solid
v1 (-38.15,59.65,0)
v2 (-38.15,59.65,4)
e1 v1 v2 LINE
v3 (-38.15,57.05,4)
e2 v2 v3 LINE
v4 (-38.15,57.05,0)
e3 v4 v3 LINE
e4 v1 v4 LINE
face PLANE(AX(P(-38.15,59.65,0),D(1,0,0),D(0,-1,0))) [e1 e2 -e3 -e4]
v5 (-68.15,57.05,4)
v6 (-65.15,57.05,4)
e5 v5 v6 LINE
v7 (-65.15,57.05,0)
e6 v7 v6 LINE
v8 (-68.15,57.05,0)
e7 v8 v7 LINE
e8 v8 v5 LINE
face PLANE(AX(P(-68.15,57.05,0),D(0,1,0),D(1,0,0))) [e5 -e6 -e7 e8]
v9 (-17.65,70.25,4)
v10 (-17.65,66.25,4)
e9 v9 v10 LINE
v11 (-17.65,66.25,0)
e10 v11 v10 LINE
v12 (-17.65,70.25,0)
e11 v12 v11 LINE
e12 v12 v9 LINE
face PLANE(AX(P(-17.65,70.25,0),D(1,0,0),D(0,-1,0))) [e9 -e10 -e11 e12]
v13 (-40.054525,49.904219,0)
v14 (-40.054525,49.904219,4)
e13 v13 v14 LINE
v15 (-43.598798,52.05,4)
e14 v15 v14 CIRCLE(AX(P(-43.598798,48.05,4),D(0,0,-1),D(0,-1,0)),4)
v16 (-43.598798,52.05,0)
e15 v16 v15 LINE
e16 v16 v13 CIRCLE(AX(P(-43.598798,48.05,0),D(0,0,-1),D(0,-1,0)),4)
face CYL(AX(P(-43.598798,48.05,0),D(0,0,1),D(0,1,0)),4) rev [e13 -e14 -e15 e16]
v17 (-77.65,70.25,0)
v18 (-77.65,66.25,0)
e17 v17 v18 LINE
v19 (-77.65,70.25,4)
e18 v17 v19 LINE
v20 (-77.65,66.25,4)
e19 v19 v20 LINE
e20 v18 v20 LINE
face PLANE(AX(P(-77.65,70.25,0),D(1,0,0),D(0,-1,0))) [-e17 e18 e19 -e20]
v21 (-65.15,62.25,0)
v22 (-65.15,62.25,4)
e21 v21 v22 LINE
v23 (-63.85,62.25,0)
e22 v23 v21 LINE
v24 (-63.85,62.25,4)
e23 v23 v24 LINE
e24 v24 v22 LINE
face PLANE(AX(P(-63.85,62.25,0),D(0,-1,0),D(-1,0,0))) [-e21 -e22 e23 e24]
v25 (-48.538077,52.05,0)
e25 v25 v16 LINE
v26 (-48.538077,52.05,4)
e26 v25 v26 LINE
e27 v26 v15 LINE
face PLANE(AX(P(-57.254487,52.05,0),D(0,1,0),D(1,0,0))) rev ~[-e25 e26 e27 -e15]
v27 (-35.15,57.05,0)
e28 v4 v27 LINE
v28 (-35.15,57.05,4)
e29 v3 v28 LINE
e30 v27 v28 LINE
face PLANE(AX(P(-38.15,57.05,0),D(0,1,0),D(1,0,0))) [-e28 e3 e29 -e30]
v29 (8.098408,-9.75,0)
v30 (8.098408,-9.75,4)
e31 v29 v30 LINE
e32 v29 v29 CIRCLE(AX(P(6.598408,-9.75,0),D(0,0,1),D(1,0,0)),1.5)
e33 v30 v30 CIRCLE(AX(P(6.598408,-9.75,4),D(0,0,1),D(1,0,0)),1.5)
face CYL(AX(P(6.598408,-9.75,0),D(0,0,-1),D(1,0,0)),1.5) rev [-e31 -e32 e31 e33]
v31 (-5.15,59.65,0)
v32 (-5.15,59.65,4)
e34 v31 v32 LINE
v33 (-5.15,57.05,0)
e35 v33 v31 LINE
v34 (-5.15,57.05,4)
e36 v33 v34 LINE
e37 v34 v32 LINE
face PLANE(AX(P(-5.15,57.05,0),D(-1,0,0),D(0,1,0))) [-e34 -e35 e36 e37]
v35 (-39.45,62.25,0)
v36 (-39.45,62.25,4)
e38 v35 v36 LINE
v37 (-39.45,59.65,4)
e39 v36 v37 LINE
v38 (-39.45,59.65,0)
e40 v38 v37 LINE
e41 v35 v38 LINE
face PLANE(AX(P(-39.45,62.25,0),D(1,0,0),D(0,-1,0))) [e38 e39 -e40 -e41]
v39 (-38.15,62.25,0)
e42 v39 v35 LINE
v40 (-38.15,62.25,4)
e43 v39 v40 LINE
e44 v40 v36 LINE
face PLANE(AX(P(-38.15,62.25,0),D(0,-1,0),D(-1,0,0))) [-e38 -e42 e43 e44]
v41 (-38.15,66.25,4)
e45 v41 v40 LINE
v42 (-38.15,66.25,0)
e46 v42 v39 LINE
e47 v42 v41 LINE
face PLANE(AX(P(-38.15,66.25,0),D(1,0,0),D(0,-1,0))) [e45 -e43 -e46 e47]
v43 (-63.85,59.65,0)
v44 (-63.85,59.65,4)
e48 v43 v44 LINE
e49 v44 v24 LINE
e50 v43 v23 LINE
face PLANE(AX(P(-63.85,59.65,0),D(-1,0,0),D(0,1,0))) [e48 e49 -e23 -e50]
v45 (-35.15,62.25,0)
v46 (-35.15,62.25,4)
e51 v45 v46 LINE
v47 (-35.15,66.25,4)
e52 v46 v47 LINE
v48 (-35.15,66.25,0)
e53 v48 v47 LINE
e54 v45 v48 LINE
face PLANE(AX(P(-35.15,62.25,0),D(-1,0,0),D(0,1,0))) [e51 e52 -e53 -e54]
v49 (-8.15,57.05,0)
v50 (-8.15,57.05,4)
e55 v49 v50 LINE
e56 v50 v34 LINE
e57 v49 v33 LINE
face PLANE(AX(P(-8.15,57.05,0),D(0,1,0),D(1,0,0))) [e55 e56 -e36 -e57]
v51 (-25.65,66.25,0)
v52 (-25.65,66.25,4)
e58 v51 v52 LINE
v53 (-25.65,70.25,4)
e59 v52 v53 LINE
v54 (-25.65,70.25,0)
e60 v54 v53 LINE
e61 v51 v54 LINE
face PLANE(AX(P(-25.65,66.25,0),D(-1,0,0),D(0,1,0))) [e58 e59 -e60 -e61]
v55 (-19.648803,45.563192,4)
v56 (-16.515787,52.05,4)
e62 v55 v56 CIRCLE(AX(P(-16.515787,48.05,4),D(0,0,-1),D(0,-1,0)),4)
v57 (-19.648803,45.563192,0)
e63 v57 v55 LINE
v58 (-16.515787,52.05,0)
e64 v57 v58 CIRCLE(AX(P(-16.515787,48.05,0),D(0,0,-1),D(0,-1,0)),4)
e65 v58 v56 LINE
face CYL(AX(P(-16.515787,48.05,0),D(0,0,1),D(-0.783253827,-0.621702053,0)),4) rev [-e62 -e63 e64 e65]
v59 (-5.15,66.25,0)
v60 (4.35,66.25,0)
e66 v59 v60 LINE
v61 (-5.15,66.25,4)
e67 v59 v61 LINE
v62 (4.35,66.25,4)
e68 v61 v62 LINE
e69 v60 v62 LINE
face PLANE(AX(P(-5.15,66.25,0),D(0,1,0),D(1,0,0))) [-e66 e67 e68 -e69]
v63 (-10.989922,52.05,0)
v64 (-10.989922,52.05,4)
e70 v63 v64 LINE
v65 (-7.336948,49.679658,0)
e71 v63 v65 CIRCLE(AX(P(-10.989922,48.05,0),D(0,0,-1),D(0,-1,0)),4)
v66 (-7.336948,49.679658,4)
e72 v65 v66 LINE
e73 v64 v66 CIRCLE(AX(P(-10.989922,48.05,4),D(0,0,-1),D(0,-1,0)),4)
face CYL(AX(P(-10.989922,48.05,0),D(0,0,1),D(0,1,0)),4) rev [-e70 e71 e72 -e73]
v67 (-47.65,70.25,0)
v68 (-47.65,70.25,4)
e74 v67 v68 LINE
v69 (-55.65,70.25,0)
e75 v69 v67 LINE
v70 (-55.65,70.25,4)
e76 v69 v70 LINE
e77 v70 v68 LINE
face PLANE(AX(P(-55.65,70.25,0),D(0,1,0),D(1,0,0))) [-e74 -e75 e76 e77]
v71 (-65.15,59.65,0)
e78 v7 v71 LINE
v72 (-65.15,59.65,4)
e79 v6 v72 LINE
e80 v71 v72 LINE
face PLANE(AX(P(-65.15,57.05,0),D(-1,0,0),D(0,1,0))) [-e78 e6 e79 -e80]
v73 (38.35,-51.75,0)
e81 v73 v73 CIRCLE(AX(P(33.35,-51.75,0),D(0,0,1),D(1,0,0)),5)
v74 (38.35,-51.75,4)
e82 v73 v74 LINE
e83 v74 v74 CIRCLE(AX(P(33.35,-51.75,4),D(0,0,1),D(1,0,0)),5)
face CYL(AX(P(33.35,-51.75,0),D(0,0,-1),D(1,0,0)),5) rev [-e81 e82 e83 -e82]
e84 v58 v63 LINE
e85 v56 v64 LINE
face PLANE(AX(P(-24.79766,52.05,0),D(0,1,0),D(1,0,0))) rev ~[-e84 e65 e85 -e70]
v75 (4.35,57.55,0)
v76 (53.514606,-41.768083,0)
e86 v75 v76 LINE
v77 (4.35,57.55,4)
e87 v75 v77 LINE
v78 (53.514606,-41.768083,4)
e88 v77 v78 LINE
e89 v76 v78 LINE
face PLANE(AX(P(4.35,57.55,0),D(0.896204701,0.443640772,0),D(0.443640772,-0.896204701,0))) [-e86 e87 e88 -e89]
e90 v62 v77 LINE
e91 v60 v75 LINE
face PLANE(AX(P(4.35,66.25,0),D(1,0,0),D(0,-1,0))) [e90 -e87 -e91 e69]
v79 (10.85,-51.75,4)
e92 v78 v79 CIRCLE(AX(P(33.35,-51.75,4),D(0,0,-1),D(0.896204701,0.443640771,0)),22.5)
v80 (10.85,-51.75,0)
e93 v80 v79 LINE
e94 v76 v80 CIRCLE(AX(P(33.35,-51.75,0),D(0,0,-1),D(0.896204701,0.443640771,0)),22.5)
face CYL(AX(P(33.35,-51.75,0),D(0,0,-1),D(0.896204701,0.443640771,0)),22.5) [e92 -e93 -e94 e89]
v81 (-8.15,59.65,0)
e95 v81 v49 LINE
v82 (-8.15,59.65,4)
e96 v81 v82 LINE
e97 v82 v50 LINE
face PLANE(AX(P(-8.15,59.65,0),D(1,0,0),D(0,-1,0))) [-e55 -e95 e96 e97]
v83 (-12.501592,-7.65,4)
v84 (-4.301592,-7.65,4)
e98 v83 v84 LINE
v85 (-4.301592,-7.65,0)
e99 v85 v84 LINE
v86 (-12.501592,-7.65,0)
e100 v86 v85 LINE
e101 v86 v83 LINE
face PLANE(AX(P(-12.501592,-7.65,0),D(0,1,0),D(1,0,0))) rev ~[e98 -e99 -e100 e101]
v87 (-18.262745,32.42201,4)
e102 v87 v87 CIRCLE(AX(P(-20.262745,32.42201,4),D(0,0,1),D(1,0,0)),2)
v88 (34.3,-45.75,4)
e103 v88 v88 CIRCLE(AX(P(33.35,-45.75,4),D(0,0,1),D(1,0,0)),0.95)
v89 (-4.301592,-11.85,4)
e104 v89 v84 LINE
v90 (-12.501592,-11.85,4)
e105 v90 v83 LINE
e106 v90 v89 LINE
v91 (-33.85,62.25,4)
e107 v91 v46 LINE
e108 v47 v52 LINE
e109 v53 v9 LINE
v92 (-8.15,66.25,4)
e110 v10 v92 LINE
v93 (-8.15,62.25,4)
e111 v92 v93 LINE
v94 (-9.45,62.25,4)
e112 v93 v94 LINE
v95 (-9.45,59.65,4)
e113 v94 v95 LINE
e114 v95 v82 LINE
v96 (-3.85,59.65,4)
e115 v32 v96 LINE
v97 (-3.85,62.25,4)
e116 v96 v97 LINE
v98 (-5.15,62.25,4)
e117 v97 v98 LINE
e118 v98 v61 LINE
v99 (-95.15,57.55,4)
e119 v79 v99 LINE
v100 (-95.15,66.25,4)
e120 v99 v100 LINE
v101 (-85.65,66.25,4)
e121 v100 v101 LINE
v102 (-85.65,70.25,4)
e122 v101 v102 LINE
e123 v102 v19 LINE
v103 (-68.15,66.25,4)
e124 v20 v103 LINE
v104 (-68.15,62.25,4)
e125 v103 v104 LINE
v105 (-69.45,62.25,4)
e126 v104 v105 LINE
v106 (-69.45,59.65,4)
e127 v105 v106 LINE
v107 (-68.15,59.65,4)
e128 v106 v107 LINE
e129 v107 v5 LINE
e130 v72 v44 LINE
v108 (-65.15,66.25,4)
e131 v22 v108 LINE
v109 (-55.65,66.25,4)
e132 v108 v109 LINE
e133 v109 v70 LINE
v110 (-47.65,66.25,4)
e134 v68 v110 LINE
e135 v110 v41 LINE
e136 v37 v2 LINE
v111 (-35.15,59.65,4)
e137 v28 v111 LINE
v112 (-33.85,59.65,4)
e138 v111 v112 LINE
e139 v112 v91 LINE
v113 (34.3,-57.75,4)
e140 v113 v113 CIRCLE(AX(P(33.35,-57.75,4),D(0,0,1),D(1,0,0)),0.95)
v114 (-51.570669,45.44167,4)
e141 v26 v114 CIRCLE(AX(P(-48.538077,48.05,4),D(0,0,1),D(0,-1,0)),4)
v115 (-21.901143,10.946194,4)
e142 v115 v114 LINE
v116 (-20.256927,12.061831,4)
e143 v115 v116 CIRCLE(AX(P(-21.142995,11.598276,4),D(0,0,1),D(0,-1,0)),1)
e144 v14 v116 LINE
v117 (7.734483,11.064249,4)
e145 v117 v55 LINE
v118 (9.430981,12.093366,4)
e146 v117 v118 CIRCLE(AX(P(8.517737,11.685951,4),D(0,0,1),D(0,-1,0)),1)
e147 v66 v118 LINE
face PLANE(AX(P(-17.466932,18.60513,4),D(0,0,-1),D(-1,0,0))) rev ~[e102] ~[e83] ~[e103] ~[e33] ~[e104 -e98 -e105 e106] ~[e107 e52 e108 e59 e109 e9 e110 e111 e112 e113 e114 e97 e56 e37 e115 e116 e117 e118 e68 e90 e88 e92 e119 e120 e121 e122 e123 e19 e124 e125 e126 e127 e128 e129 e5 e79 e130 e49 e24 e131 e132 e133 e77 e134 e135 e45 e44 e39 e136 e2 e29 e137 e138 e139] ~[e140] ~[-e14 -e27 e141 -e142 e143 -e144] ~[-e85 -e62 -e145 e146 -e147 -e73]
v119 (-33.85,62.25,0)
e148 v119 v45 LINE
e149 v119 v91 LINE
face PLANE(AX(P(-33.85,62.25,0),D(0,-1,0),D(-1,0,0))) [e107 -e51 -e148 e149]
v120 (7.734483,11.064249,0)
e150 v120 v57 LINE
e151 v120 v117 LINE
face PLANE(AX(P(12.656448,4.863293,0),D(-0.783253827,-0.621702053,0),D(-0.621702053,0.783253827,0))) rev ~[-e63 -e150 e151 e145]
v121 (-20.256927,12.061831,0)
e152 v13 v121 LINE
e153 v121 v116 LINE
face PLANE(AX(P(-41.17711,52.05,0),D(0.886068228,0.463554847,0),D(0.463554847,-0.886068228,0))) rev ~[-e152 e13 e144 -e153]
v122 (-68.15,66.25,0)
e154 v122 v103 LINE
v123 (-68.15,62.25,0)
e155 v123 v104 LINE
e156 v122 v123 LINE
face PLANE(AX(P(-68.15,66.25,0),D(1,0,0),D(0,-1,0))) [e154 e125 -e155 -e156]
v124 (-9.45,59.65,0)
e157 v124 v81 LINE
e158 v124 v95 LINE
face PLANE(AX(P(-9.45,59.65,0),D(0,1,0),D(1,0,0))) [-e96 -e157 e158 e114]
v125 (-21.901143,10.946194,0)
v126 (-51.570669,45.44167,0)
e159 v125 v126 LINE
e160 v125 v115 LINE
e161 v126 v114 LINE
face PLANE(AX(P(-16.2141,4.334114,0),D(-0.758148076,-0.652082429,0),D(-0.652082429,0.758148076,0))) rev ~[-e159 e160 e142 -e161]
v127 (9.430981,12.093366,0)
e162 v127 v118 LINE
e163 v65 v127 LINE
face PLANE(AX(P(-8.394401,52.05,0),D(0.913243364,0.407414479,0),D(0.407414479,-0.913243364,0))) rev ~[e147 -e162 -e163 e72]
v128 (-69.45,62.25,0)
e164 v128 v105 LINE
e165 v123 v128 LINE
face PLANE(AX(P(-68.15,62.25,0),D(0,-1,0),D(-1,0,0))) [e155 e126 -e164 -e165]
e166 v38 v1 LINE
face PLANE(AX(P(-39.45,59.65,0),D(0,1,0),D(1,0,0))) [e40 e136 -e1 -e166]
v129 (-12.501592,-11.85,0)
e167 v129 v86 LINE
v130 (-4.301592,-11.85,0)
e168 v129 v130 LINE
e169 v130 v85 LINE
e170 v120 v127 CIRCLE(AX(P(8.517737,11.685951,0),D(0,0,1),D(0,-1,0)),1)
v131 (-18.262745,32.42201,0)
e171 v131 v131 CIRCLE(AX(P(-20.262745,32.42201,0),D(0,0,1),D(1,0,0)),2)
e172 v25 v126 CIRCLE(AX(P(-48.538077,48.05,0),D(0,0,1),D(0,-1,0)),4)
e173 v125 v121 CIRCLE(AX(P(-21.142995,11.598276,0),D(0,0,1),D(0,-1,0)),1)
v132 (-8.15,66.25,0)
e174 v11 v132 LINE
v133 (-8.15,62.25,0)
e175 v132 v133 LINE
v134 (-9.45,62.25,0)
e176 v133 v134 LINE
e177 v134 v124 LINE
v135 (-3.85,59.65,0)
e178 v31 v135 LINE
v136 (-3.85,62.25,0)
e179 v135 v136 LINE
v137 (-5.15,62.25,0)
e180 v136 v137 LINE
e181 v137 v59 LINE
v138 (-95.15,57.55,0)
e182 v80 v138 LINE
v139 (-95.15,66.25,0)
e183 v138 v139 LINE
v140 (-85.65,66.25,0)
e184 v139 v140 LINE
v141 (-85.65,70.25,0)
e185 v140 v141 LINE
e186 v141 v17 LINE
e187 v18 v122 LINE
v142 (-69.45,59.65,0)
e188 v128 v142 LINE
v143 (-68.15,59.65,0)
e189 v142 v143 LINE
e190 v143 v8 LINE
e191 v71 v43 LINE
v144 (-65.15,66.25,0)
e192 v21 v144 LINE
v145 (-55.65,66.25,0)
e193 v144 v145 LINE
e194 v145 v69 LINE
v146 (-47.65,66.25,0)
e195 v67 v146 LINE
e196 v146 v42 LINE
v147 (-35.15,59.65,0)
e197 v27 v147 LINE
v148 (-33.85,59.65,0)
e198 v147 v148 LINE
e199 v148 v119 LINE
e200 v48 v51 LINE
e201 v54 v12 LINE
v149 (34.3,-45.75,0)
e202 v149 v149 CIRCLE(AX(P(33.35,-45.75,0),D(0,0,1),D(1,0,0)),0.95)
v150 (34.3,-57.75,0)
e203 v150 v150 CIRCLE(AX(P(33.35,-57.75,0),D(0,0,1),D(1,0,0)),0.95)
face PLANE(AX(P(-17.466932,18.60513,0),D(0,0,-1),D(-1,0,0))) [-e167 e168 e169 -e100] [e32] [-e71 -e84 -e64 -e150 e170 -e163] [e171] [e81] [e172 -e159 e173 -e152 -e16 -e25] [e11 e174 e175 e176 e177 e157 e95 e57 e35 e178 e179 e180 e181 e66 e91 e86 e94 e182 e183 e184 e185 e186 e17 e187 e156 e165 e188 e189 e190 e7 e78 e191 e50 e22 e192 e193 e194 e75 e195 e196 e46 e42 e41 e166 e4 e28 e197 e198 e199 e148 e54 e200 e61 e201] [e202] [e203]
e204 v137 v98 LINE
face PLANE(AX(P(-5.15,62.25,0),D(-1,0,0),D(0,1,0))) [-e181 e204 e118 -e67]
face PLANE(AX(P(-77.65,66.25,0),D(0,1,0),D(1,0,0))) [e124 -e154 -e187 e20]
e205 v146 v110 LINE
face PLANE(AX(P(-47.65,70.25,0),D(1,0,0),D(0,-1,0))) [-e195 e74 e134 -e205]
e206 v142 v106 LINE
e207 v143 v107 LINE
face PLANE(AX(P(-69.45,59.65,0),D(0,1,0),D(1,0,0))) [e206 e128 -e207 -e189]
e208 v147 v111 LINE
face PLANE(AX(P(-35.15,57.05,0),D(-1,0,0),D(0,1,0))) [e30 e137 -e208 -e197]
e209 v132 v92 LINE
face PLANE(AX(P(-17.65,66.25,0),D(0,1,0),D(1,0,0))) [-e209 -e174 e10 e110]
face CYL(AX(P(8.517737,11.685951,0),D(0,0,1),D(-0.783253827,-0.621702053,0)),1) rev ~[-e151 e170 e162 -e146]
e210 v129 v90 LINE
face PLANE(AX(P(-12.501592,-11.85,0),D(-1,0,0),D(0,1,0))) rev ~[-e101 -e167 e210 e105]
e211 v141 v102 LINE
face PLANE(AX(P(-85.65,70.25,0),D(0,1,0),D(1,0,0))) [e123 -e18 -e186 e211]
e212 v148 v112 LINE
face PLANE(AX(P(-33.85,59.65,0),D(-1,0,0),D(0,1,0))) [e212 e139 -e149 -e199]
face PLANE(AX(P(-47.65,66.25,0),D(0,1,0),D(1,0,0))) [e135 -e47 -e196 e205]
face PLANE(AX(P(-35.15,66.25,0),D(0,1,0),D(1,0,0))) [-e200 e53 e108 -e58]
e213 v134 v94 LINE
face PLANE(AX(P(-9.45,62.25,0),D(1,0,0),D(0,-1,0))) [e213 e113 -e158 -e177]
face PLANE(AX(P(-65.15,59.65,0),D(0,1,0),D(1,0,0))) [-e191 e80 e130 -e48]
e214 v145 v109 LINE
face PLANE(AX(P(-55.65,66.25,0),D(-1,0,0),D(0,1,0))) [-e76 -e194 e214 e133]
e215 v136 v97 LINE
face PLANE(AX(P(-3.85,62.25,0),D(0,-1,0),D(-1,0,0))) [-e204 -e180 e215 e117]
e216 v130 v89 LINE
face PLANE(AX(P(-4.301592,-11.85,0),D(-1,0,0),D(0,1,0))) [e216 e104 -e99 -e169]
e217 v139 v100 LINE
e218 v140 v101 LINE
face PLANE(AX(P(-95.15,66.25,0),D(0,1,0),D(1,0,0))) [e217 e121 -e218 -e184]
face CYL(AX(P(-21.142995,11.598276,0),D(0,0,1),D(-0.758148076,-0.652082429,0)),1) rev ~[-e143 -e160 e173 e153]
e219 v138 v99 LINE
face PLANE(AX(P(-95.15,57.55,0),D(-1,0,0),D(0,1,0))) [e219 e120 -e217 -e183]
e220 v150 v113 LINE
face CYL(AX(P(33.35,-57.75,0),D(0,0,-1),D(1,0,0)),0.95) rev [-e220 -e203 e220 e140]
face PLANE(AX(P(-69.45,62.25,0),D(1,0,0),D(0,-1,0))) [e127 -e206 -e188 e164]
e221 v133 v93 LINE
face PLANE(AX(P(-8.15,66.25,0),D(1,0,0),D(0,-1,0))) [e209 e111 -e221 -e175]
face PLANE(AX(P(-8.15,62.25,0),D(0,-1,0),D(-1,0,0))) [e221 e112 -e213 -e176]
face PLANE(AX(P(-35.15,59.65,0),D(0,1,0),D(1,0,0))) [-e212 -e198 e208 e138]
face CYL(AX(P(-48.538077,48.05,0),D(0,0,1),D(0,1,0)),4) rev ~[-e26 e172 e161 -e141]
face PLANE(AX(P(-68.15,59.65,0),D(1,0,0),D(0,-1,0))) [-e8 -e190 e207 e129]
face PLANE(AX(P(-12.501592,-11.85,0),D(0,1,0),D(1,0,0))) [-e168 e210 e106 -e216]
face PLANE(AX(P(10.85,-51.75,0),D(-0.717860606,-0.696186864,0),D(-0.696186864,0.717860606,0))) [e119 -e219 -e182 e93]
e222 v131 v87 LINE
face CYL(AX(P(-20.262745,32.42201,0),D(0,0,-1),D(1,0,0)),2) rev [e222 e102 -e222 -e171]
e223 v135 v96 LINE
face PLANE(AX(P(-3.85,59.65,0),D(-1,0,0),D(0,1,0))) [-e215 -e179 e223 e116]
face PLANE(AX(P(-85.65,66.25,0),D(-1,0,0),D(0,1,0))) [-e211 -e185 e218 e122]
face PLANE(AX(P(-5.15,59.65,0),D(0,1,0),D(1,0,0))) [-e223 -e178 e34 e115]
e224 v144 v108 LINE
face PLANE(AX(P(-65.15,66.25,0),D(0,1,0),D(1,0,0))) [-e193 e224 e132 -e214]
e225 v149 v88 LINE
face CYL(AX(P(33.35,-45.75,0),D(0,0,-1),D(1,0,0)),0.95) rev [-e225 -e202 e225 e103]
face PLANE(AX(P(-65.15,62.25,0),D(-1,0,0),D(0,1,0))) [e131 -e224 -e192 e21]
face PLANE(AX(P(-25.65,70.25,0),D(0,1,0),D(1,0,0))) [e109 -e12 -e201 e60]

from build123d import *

# Parameters (mm, degrees)
SKETCH_1_R      = 2
SKETCH_1_R_2    = 1.5
SKETCH_1_R_3    = 5
SKETCH_1_R_4    = 0.95
SKETCH_1_W      = 8.2
SKETCH_1_H      = 4.2
EXTRUDE_1_DEPTH = 4
FILLET_1_R      = 4
FILLET_2_R      = 1


with BuildPart() as part:
    # 草图1 → 凸台-拉伸1 (new body)
    with BuildSketch(Plane.XY):
        with BuildLine():
            Line((-38.15, 66.25), (-38.15, 62.25))
            Line((-38.15, 62.25), (-39.45, 62.25))
            Line((-39.45, 62.25), (-39.45, 59.65))
            Line((-39.45, 59.65), (-38.15, 59.65))
            Line((-38.15, 59.65), (-38.15, 57.05))
            Line((-38.15, 57.05), (-35.15, 57.05))
            Line((-35.15, 57.05), (-35.15, 59.65))
            Line((-35.15, 59.65), (-33.85, 59.65))
            Line((-33.85, 59.65), (-33.85, 62.25))
            Line((-33.85, 62.25), (-35.15, 62.25))
            Line((-35.15, 62.25), (-35.15, 66.25))
            Line((-35.15, 66.25), (-25.65, 66.25))
            Line((-25.65, 66.25), (-25.65, 70.25))
            Line((-25.65, 70.25), (-17.65, 70.25))
            Line((-17.65, 70.25), (-17.65, 66.25))
            Line((-17.65, 66.25), (-8.15, 66.25))
            Line((-8.15, 66.25), (-8.15, 62.25))
            Line((-8.15, 62.25), (-9.45, 62.25))
            Line((-9.45, 62.25), (-9.45, 59.65))
            Line((-9.45, 59.65), (-8.15, 59.65))
            Line((-8.15, 59.65), (-8.15, 57.05))
            Line((-8.15, 57.05), (-5.15, 57.05))
            Line((-5.15, 57.05), (-5.15, 59.65))
            Line((-5.15, 59.65), (-3.85, 59.65))
            Line((-3.85, 59.65), (-3.85, 62.25))
            Line((-3.85, 62.25), (-5.15, 62.25))
            Line((-5.15, 62.25), (-5.15, 66.25))
            Line((-5.15, 66.25), (4.35, 66.25))
            Line((4.35, 66.25), (4.35, 57.55))
            Line((4.35, 57.55), (53.51460577, -41.768082641))
            ThreePointArc((53.51460577, -41.768082641), (38.475737517, -73.658373169), (10.85, -51.75))
            Line((10.85, -51.75), (-95.15, 57.55))
            Line((-95.15, 57.55), (-95.15, 66.25))
            Line((-95.15, 66.25), (-85.65, 66.25))
            Line((-85.65, 66.25), (-85.65, 70.25))
            Line((-85.65, 70.25), (-77.65, 70.25))
            Line((-77.65, 70.25), (-77.65, 66.25))
            Line((-77.65, 66.25), (-68.15, 66.25))
            Line((-68.15, 66.25), (-68.15, 62.25))
            Line((-68.15, 62.25), (-69.45, 62.25))
            Line((-69.45, 62.25), (-69.45, 59.65))
            Line((-69.45, 59.65), (-68.15, 59.65))
            Line((-68.15, 59.65), (-68.15, 57.05))
            Line((-68.15, 57.05), (-65.15, 57.05))
            Line((-65.15, 57.05), (-65.15, 59.65))
            Line((-65.15, 59.65), (-63.85, 59.65))
            Line((-63.85, 59.65), (-63.85, 62.25))
            Line((-63.85, 62.25), (-65.15, 62.25))
            Line((-65.15, 62.25), (-65.15, 66.25))
            Line((-65.15, 66.25), (-55.65, 66.25))
            Line((-55.65, 66.25), (-55.65, 70.25))
            Line((-55.65, 70.25), (-47.65, 70.25))
            Line((-47.65, 70.25), (-47.65, 66.25))
            Line((-47.65, 66.25), (-38.15, 66.25))
        make_face()
        with Locations((-20.262745434, 32.422010331)):
            Circle(SKETCH_1_R, mode=Mode.SUBTRACT)
        with Locations((6.598407643, -9.75)):
            Circle(SKETCH_1_R_2, mode=Mode.SUBTRACT)
        with Locations((33.35, -51.75)):
            Circle(SKETCH_1_R_3, mode=Mode.SUBTRACT)
        with Locations((33.35, -45.75)):
            Circle(SKETCH_1_R_4, mode=Mode.SUBTRACT)
        with Locations((33.35, -57.75)):
            Circle(SKETCH_1_R_4, mode=Mode.SUBTRACT)
        with Locations((-8.401592357, -9.75)):
            Rectangle(SKETCH_1_W, SKETCH_1_H, mode=Mode.SUBTRACT)
        Polygon((-57.254487093, 52.05), (-41.177109745, 52.05), (-16.214099548, 4.334114018), align=None, mode=Mode.SUBTRACT)
        Polygon((12.65644769, 4.86329261), (-24.797659566, 52.05), (-8.394400914, 52.05), align=None, mode=Mode.SUBTRACT)
    extrude(amount=EXTRUDE_1_DEPTH)

    # 圆角1
    fillet_1_edges = [part.edges().sort_by_distance(p)[0] for p in [
        (-57.254487093, 52.05, 2),
        (-41.177109745, 52.05, 2),
        (-8.394400914, 52.05, 2),
        (-24.797659566, 52.05, 2),
    ]]
    fillet(fillet_1_edges, radius=FILLET_1_R)

    # 圆角2
    fillet_2_edges = [part.edges().sort_by_distance(p)[0] for p in [
        (-16.214099548, 4.334114018, 2),
        (12.65644769, 4.86329261, 2),
    ]]
    fillet(fillet_2_edges, radius=FILLET_2_R)


solid = part.part
